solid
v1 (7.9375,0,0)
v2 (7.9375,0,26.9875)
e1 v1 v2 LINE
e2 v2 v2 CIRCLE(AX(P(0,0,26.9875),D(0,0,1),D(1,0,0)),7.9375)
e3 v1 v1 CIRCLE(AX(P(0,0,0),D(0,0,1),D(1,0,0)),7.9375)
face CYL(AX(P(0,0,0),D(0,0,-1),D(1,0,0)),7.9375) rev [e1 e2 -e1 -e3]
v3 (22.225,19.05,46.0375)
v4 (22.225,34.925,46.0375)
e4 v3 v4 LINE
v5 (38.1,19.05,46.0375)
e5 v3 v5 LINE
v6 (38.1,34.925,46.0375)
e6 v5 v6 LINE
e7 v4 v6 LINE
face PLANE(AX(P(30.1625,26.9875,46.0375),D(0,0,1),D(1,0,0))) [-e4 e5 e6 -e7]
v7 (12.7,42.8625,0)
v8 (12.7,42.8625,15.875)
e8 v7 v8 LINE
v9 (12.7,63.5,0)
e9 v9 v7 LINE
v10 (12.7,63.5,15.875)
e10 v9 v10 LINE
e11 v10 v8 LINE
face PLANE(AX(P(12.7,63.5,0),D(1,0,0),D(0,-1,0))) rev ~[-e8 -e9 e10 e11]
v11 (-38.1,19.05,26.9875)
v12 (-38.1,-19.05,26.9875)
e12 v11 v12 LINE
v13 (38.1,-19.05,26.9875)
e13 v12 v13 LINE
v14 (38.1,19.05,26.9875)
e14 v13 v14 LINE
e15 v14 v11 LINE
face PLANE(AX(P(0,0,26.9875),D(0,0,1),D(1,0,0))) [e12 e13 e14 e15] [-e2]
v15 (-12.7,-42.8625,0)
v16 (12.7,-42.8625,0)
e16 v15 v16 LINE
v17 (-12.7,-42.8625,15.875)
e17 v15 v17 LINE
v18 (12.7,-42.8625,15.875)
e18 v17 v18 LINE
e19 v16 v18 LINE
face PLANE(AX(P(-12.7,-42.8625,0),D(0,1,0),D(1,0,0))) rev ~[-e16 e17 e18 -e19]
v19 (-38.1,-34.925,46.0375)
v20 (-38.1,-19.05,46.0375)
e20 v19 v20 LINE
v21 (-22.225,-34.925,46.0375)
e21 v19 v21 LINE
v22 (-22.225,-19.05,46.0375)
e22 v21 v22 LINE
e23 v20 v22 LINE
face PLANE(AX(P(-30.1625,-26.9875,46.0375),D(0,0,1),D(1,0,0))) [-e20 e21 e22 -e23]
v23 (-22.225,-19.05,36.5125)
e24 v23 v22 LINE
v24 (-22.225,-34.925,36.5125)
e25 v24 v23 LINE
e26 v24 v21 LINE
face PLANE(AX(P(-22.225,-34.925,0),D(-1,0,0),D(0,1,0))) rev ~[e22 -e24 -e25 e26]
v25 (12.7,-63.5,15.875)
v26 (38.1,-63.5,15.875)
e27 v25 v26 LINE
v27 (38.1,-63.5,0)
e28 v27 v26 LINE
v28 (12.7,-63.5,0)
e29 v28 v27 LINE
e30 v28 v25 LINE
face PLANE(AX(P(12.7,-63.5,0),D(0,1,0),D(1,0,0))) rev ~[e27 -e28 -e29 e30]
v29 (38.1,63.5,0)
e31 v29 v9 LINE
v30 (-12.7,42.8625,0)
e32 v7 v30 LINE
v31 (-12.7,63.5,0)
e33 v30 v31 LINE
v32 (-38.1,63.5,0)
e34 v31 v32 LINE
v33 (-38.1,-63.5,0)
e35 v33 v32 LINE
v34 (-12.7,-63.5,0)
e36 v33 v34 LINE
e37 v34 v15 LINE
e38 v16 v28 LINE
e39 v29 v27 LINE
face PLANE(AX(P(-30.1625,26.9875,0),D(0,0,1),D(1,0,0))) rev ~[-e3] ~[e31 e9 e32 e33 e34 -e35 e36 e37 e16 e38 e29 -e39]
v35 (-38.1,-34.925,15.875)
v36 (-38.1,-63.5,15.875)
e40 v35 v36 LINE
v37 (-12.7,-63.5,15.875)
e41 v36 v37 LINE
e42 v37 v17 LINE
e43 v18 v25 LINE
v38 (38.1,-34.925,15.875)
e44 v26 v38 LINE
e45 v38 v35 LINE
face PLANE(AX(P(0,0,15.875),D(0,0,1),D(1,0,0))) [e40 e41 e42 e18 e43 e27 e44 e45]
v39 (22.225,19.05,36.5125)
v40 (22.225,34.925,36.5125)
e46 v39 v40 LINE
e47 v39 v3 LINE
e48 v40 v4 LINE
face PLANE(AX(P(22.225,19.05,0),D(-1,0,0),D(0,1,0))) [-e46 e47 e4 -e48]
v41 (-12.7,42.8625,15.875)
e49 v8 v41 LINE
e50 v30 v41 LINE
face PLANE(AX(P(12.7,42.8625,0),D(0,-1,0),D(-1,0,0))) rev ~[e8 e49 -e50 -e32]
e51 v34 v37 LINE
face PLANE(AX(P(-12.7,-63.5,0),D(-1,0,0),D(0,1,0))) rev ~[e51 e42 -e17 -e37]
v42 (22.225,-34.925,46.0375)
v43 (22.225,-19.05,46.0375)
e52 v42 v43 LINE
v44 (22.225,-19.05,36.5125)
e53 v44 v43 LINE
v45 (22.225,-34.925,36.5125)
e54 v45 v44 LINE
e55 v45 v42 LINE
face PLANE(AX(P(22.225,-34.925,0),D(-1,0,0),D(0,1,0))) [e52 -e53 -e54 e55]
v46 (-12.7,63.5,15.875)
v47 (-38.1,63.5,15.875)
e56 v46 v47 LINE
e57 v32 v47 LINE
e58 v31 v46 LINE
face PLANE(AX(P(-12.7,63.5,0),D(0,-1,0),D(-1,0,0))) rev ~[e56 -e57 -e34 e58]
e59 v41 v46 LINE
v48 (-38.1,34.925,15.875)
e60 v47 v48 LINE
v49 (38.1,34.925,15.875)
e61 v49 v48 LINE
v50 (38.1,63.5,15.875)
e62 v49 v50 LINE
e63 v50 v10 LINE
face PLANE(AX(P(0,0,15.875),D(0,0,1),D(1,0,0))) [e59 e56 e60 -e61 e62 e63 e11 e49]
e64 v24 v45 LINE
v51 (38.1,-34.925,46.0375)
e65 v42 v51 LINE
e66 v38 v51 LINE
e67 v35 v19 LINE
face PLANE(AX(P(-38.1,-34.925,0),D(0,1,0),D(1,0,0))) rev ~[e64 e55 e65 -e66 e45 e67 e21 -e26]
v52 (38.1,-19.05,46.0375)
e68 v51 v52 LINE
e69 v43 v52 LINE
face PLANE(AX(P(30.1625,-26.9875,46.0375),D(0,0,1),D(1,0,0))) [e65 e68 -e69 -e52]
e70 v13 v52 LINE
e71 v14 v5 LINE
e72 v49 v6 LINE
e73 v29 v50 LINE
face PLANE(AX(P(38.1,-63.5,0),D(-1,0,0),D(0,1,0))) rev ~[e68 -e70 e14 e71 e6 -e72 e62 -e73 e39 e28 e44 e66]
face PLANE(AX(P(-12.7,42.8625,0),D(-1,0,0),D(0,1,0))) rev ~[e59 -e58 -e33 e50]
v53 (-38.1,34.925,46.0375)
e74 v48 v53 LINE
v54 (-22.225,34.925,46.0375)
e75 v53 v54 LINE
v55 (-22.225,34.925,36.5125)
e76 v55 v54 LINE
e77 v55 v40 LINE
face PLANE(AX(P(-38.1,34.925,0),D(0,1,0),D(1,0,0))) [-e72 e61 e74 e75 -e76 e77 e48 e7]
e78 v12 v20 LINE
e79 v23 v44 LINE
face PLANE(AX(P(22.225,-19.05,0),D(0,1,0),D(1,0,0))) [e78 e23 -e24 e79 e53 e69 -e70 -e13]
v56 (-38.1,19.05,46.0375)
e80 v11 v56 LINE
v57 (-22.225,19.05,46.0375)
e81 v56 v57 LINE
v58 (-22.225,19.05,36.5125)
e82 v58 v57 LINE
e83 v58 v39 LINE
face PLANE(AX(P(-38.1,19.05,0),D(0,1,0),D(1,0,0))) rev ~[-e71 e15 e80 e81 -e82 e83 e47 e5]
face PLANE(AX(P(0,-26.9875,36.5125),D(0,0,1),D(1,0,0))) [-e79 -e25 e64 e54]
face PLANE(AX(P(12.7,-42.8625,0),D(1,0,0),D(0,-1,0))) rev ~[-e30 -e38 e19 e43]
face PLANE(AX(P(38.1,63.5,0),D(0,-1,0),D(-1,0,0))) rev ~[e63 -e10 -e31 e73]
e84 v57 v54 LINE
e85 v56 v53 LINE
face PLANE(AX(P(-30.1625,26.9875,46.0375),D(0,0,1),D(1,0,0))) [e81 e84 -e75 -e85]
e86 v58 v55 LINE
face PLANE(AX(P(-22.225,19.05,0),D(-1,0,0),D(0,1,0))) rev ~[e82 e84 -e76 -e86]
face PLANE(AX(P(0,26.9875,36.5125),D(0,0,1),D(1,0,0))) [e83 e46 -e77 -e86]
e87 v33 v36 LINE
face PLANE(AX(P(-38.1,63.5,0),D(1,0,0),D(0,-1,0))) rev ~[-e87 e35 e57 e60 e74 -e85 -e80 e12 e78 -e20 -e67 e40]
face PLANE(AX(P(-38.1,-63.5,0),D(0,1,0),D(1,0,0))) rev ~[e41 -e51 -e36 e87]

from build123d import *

# Parameters (mm, degrees)
F0_R     = 7.9375
F0_W     = 15.875
F0_H     = 15.875
F0_W_2   = 44.45
F1_DEPTH = 15.875
F2_DEPTH = 36.5125
F3_DEPTH = 46.0375
F4_DEPTH = 26.9875


with BuildPart() as f1:
    # F0 (on Top) → F1 (new body)
    with BuildSketch(Plane.XY):
        Polygon((38.1, -19.05), (38.1, 19.05), (22.225, 19.05), (-22.225, 19.05), (-38.1, 19.05), (-38.1, -19.05), (-22.225, -19.05), (22.225, -19.05), align=None)
        Circle(F0_R, mode=Mode.SUBTRACT)
        with Locations((30.1625, 26.9875)):
            Rectangle(F0_W, F0_H)
        with Locations((30.1625, -26.9875)):
            Rectangle(F0_W, F0_H)
        Polygon((22.225, 34.925), (38.1, 34.925), (38.1, 63.5), (12.7, 63.5), (12.7, 42.8625), (-12.7, 42.8625), (-12.7, 63.5), (-38.1, 63.5), (-38.1, 34.925), (-22.225, 34.925), align=None)
        with Locations((-30.1625, 26.9875)):
            Rectangle(F0_W, F0_H)
        Polygon((38.1, -63.5), (38.1, -34.925), (22.225, -34.925), (-22.225, -34.925), (-38.1, -34.925), (-38.1, -63.5), (-12.7, -63.5), (-12.7, -42.8625), (12.7, -42.8625), (12.7, -63.5), align=None)
        with Locations((-30.1625, -26.9875)):
            Rectangle(F0_W, F0_H)
        with Locations((0, 26.9875)):
            Rectangle(F0_W_2, F0_H)
        with Locations((0, -26.9875)):
            Rectangle(F0_W_2, F0_H)
    extrude(amount=F1_DEPTH)

    # F0 (on Top) → F2 (join)
    with BuildSketch(Plane.XY):
        with Locations((0, 26.9875)):
            Rectangle(F0_W_2, F0_H)
        with Locations((0, -26.9875)):
            Rectangle(F0_W_2, F0_H)
    extrude(amount=F2_DEPTH)

    # F0 (on Top) → F3 (join)
    with BuildSketch(Plane.XY):
        with Locations((-30.1625, 26.9875)):
            Rectangle(F0_W, F0_H)
        with Locations((30.1625, 26.9875)):
            Rectangle(F0_W, F0_H)
        with Locations((-30.1625, -26.9875)):
            Rectangle(F0_W, F0_H)
        with Locations((30.1625, -26.9875)):
            Rectangle(F0_W, F0_H)
    extrude(amount=F3_DEPTH)

    # F0 (on Top) → F4 (join)
    with BuildSketch(Plane.XY):
        Polygon((38.1, -19.05), (38.1, 19.05), (22.225, 19.05), (-22.225, 19.05), (-38.1, 19.05), (-38.1, -19.05), (-22.225, -19.05), (22.225, -19.05), align=None)
        Circle(F0_R, mode=Mode.SUBTRACT)
    extrude(amount=F4_DEPTH)


solid = f1.part
